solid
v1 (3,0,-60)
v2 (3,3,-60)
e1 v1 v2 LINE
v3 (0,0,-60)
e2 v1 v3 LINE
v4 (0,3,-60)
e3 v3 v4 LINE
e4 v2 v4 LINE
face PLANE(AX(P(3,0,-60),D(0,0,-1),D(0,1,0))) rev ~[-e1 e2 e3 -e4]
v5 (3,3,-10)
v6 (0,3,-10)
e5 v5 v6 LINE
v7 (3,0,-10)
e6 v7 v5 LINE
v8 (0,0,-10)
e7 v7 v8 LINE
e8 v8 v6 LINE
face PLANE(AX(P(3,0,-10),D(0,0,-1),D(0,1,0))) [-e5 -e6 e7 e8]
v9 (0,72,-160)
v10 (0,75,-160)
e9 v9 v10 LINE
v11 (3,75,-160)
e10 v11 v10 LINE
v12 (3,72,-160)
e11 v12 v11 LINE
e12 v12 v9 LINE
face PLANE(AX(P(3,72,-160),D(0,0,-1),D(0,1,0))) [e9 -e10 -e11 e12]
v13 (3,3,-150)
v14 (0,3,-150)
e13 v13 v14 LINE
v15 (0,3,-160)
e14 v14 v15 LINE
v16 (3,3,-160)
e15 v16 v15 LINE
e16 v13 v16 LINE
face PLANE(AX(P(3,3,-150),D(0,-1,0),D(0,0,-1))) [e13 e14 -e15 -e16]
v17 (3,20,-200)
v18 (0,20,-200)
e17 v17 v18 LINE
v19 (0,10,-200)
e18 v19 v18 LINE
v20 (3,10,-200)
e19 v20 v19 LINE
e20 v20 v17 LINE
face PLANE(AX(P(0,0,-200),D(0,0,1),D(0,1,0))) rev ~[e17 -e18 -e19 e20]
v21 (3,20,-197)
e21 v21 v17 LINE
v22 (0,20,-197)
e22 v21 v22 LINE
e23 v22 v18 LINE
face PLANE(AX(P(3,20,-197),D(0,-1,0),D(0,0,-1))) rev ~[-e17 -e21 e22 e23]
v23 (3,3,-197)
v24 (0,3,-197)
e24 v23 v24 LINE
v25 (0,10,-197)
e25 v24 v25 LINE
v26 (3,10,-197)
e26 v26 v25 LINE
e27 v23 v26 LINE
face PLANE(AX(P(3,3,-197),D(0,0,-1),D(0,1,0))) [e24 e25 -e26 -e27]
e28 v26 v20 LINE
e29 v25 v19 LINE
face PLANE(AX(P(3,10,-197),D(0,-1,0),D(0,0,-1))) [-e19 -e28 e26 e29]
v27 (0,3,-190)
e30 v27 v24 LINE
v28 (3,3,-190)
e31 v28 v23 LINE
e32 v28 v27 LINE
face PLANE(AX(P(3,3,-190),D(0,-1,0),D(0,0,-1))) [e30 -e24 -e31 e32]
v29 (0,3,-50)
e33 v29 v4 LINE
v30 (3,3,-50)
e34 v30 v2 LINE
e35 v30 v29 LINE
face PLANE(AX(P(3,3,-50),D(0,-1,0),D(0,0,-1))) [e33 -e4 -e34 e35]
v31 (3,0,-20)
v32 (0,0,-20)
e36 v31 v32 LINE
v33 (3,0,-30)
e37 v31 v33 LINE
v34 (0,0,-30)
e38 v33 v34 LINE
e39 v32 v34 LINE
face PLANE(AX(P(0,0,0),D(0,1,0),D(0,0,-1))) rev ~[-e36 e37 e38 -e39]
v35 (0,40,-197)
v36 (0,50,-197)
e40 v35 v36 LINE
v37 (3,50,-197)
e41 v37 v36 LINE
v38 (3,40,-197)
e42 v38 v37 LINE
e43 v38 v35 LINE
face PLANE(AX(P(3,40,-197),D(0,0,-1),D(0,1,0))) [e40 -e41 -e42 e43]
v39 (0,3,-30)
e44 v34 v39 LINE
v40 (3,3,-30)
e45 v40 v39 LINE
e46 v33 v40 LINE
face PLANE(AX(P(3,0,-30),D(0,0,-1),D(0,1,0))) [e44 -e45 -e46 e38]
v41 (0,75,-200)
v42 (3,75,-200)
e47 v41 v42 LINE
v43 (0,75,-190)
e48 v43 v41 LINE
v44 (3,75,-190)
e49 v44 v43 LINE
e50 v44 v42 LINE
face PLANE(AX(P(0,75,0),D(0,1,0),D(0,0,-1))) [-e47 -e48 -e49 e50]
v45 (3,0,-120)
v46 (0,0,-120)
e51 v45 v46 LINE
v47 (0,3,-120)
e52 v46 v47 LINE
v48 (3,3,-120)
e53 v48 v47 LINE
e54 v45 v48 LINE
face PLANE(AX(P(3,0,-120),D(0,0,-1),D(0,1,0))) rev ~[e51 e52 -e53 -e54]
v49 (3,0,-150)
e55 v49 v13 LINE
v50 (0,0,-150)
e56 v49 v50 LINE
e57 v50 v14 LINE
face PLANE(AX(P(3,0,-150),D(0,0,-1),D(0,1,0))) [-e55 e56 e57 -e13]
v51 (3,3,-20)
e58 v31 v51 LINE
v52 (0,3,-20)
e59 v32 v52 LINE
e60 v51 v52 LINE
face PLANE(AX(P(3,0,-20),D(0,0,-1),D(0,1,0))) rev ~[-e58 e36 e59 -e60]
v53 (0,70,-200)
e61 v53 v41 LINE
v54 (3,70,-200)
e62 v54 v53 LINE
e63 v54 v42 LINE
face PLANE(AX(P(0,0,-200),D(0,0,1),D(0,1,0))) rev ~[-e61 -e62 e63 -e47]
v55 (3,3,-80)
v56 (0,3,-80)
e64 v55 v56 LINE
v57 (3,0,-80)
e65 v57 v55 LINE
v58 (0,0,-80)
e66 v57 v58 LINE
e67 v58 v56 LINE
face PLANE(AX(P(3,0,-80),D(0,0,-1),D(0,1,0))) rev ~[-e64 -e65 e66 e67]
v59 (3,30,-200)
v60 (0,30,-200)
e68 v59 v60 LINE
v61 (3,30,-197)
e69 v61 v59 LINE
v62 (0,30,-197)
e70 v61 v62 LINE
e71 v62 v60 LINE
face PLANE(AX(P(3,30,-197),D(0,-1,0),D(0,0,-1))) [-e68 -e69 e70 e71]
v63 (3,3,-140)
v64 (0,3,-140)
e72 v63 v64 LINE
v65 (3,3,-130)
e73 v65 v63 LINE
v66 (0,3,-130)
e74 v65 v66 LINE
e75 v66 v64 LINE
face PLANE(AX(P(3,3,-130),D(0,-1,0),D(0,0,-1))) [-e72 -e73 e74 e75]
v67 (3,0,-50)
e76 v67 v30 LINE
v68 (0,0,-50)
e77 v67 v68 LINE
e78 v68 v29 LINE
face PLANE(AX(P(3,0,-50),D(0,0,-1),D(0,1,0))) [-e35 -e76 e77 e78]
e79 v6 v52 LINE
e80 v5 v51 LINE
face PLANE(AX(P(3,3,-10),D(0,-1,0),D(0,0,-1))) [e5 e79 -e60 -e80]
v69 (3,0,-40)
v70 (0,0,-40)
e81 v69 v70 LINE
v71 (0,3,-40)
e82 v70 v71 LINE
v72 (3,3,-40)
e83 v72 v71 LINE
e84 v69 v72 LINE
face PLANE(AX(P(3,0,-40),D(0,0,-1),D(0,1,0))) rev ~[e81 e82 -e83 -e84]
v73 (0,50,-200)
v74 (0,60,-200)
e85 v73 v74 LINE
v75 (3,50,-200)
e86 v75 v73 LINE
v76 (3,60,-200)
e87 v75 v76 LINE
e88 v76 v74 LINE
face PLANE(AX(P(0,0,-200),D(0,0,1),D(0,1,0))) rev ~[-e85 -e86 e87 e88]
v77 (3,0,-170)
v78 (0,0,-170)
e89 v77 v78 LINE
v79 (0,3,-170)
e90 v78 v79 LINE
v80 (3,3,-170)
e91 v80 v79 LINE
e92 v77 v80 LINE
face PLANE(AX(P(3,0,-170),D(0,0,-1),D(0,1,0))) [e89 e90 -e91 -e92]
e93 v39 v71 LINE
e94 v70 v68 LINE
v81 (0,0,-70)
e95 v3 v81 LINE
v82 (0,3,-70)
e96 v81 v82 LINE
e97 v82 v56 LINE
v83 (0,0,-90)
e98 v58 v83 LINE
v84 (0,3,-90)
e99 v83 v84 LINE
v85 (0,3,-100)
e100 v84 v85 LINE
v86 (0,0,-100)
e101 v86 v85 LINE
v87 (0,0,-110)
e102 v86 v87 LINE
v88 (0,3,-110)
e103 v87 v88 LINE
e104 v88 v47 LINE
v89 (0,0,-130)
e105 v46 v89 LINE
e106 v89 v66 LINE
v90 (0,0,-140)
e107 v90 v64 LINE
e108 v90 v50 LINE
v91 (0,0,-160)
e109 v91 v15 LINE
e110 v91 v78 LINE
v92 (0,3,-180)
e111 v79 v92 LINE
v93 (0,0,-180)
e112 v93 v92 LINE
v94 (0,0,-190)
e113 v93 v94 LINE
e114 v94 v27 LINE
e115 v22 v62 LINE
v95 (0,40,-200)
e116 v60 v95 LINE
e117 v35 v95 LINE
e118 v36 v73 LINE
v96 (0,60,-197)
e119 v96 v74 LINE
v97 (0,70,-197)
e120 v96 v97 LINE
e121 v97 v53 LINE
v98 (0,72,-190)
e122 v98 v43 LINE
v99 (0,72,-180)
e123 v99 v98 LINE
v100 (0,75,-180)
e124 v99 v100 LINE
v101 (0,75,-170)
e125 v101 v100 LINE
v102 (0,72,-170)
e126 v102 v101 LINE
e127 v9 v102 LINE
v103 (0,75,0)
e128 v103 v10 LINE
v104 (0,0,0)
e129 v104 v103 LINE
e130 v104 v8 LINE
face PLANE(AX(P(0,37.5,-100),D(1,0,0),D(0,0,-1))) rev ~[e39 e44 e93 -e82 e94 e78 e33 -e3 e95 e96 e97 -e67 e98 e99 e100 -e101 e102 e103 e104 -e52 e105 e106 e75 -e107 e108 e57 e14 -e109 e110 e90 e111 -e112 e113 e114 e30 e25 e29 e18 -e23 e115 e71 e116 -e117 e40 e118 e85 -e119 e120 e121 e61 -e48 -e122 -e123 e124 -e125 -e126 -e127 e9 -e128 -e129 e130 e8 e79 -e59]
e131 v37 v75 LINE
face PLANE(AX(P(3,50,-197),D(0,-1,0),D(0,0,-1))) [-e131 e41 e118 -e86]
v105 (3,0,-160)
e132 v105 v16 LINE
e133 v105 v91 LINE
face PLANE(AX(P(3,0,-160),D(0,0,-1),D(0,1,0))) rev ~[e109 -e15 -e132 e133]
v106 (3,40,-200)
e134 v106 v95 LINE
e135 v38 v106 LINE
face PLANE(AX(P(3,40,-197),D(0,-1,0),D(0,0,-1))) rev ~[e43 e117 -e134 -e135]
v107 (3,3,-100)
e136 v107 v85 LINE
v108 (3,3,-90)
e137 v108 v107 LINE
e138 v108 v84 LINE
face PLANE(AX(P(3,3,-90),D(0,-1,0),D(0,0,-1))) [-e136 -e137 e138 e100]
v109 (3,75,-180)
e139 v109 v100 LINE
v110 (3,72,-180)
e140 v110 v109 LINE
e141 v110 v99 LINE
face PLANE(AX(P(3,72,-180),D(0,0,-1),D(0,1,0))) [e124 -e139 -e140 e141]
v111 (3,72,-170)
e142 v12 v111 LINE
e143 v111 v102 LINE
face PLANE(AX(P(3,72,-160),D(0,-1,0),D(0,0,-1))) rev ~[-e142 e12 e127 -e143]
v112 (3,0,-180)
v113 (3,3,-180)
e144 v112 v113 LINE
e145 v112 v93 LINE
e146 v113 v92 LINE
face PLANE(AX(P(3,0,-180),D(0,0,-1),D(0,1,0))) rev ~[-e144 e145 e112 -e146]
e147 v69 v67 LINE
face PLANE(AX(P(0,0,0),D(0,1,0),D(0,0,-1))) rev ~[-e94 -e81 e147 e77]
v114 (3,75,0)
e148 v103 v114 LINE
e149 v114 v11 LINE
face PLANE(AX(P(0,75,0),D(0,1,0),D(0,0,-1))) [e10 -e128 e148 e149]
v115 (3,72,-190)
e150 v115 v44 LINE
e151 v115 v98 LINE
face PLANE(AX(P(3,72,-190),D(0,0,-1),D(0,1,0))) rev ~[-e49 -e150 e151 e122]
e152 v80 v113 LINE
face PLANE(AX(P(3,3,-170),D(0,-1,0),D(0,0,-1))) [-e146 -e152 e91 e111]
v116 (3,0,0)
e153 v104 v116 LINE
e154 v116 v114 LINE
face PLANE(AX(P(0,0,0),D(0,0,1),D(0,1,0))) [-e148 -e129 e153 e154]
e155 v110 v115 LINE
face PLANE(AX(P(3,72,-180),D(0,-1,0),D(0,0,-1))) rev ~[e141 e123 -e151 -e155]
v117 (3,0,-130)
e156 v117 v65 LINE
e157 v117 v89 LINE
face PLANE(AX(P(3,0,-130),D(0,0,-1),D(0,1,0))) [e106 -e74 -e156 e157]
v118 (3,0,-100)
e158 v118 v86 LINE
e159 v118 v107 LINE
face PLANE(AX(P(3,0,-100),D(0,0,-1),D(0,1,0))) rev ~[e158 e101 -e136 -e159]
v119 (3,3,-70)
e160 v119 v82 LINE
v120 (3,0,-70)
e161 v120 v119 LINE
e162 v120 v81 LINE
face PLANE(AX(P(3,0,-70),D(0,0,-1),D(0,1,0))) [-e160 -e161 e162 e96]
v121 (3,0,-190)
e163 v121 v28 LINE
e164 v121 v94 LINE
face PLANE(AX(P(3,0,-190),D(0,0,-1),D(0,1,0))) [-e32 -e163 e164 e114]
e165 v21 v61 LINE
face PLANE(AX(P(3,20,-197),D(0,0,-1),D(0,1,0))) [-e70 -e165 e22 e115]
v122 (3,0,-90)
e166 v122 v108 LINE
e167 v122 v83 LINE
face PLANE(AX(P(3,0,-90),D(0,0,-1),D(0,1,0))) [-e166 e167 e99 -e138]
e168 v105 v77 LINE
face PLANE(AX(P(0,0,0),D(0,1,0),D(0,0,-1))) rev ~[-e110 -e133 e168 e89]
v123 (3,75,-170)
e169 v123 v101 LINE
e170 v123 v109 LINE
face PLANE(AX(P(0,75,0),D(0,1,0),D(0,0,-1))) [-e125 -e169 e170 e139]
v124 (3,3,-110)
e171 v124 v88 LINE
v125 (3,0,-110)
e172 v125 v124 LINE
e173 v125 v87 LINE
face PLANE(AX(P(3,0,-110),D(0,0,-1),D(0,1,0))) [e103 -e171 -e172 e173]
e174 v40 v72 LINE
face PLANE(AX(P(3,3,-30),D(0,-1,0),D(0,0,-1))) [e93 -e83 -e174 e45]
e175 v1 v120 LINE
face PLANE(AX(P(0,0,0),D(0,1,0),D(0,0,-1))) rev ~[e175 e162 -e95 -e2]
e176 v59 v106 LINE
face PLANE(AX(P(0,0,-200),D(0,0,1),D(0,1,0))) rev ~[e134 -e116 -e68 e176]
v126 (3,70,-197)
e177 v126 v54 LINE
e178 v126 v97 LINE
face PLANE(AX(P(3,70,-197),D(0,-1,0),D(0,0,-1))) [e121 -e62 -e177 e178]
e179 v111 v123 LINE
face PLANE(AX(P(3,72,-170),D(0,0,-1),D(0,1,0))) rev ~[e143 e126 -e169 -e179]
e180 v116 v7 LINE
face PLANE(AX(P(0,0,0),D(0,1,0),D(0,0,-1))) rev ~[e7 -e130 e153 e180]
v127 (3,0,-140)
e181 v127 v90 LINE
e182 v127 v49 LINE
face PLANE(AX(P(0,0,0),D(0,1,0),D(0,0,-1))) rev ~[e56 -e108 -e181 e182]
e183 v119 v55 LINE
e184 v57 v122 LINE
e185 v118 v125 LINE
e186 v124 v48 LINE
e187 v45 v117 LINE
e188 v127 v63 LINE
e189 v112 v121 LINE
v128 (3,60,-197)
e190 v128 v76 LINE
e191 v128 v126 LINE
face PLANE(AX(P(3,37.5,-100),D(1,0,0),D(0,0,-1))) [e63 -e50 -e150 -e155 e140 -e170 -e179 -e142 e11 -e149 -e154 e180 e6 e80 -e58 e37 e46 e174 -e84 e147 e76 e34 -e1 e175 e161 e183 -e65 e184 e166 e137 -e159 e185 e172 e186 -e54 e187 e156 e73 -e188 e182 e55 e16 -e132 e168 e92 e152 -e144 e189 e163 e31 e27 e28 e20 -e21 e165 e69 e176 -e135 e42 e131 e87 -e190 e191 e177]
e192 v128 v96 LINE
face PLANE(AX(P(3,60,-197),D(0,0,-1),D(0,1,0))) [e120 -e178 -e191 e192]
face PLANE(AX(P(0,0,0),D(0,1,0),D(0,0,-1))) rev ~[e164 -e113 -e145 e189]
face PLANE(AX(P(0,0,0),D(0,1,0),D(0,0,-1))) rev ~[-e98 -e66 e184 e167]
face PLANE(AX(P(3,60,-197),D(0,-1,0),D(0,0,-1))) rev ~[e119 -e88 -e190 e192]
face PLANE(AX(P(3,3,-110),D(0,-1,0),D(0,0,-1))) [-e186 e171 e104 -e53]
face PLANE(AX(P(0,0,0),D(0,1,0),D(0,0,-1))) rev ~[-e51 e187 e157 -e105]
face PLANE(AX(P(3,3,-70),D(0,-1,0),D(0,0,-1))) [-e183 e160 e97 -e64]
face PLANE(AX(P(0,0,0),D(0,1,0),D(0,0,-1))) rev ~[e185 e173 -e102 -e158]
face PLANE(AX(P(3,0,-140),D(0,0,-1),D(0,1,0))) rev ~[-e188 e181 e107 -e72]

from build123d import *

# Parameters (mm, degrees)
MDFESB_W        = 200
MDFESB_H        = 75
MDF_DEPTH       = 3
ENTRADASESB_W   = 10
ENTRADASESB_H   = 3
ENTRADASESB_W_2 = 3
ENTRADASESB_H_2 = 10
ENTRADAS_DEPTH  = 3


with BuildPart() as part:
    # mdfEsb → mdf (new body)
    with BuildSketch(Plane(origin=(0, 0, 0), x_dir=(0, 0, -1), z_dir=(1, 0, 0))):
        with Locations((100, 37.5)):
            Rectangle(MDFESB_W, MDFESB_H)
    extrude(amount=MDF_DEPTH)

    # entradasEsb → Entradas (cut)
    with BuildSketch(Plane(origin=(3, 0, 0), x_dir=(0, 0, -1), z_dir=(1, 0, 0))):
        with Locations((15, 1.5)):
            Rectangle(ENTRADASESB_W, ENTRADASESB_H)
        with Locations((35, 1.5)):
            Rectangle(ENTRADASESB_W, ENTRADASESB_H)
        with Locations((55, 1.5)):
            Rectangle(ENTRADASESB_W, ENTRADASESB_H)
        with Locations((75, 1.5)):
            Rectangle(ENTRADASESB_W, ENTRADASESB_H)
        with Locations((95, 1.5)):
            Rectangle(ENTRADASESB_W, ENTRADASESB_H)
        with Locations((115, 1.5)):
            Rectangle(ENTRADASESB_W, ENTRADASESB_H)
        with Locations((135, 1.5)):
            Rectangle(ENTRADASESB_W, ENTRADASESB_H)
        with Locations((155, 1.5)):
            Rectangle(ENTRADASESB_W, ENTRADASESB_H)
        with Locations((175, 1.5)):
            Rectangle(ENTRADASESB_W, ENTRADASESB_H)
        with Locations((198.5, 25)):
            Rectangle(ENTRADASESB_W_2, ENTRADASESB_H_2)
        with Locations((198.5, 45)):
            Rectangle(ENTRADASESB_W_2, ENTRADASESB_H_2)
        with Locations((198.5, 65)):
            Rectangle(ENTRADASESB_W_2, ENTRADASESB_H_2)
        Polygon((190, 0), (190, 3), (197, 3), (197, 10), (200, 10), (200, 0), align=None)
        with Locations((185, 73.5)):
            Rectangle(ENTRADASESB_W, ENTRADASESB_H)
        with Locations((165, 73.5)):
            Rectangle(ENTRADASESB_W, ENTRADASESB_H)
    extrude(amount=-ENTRADAS_DEPTH, mode=Mode.SUBTRACT)


solid = part.part
